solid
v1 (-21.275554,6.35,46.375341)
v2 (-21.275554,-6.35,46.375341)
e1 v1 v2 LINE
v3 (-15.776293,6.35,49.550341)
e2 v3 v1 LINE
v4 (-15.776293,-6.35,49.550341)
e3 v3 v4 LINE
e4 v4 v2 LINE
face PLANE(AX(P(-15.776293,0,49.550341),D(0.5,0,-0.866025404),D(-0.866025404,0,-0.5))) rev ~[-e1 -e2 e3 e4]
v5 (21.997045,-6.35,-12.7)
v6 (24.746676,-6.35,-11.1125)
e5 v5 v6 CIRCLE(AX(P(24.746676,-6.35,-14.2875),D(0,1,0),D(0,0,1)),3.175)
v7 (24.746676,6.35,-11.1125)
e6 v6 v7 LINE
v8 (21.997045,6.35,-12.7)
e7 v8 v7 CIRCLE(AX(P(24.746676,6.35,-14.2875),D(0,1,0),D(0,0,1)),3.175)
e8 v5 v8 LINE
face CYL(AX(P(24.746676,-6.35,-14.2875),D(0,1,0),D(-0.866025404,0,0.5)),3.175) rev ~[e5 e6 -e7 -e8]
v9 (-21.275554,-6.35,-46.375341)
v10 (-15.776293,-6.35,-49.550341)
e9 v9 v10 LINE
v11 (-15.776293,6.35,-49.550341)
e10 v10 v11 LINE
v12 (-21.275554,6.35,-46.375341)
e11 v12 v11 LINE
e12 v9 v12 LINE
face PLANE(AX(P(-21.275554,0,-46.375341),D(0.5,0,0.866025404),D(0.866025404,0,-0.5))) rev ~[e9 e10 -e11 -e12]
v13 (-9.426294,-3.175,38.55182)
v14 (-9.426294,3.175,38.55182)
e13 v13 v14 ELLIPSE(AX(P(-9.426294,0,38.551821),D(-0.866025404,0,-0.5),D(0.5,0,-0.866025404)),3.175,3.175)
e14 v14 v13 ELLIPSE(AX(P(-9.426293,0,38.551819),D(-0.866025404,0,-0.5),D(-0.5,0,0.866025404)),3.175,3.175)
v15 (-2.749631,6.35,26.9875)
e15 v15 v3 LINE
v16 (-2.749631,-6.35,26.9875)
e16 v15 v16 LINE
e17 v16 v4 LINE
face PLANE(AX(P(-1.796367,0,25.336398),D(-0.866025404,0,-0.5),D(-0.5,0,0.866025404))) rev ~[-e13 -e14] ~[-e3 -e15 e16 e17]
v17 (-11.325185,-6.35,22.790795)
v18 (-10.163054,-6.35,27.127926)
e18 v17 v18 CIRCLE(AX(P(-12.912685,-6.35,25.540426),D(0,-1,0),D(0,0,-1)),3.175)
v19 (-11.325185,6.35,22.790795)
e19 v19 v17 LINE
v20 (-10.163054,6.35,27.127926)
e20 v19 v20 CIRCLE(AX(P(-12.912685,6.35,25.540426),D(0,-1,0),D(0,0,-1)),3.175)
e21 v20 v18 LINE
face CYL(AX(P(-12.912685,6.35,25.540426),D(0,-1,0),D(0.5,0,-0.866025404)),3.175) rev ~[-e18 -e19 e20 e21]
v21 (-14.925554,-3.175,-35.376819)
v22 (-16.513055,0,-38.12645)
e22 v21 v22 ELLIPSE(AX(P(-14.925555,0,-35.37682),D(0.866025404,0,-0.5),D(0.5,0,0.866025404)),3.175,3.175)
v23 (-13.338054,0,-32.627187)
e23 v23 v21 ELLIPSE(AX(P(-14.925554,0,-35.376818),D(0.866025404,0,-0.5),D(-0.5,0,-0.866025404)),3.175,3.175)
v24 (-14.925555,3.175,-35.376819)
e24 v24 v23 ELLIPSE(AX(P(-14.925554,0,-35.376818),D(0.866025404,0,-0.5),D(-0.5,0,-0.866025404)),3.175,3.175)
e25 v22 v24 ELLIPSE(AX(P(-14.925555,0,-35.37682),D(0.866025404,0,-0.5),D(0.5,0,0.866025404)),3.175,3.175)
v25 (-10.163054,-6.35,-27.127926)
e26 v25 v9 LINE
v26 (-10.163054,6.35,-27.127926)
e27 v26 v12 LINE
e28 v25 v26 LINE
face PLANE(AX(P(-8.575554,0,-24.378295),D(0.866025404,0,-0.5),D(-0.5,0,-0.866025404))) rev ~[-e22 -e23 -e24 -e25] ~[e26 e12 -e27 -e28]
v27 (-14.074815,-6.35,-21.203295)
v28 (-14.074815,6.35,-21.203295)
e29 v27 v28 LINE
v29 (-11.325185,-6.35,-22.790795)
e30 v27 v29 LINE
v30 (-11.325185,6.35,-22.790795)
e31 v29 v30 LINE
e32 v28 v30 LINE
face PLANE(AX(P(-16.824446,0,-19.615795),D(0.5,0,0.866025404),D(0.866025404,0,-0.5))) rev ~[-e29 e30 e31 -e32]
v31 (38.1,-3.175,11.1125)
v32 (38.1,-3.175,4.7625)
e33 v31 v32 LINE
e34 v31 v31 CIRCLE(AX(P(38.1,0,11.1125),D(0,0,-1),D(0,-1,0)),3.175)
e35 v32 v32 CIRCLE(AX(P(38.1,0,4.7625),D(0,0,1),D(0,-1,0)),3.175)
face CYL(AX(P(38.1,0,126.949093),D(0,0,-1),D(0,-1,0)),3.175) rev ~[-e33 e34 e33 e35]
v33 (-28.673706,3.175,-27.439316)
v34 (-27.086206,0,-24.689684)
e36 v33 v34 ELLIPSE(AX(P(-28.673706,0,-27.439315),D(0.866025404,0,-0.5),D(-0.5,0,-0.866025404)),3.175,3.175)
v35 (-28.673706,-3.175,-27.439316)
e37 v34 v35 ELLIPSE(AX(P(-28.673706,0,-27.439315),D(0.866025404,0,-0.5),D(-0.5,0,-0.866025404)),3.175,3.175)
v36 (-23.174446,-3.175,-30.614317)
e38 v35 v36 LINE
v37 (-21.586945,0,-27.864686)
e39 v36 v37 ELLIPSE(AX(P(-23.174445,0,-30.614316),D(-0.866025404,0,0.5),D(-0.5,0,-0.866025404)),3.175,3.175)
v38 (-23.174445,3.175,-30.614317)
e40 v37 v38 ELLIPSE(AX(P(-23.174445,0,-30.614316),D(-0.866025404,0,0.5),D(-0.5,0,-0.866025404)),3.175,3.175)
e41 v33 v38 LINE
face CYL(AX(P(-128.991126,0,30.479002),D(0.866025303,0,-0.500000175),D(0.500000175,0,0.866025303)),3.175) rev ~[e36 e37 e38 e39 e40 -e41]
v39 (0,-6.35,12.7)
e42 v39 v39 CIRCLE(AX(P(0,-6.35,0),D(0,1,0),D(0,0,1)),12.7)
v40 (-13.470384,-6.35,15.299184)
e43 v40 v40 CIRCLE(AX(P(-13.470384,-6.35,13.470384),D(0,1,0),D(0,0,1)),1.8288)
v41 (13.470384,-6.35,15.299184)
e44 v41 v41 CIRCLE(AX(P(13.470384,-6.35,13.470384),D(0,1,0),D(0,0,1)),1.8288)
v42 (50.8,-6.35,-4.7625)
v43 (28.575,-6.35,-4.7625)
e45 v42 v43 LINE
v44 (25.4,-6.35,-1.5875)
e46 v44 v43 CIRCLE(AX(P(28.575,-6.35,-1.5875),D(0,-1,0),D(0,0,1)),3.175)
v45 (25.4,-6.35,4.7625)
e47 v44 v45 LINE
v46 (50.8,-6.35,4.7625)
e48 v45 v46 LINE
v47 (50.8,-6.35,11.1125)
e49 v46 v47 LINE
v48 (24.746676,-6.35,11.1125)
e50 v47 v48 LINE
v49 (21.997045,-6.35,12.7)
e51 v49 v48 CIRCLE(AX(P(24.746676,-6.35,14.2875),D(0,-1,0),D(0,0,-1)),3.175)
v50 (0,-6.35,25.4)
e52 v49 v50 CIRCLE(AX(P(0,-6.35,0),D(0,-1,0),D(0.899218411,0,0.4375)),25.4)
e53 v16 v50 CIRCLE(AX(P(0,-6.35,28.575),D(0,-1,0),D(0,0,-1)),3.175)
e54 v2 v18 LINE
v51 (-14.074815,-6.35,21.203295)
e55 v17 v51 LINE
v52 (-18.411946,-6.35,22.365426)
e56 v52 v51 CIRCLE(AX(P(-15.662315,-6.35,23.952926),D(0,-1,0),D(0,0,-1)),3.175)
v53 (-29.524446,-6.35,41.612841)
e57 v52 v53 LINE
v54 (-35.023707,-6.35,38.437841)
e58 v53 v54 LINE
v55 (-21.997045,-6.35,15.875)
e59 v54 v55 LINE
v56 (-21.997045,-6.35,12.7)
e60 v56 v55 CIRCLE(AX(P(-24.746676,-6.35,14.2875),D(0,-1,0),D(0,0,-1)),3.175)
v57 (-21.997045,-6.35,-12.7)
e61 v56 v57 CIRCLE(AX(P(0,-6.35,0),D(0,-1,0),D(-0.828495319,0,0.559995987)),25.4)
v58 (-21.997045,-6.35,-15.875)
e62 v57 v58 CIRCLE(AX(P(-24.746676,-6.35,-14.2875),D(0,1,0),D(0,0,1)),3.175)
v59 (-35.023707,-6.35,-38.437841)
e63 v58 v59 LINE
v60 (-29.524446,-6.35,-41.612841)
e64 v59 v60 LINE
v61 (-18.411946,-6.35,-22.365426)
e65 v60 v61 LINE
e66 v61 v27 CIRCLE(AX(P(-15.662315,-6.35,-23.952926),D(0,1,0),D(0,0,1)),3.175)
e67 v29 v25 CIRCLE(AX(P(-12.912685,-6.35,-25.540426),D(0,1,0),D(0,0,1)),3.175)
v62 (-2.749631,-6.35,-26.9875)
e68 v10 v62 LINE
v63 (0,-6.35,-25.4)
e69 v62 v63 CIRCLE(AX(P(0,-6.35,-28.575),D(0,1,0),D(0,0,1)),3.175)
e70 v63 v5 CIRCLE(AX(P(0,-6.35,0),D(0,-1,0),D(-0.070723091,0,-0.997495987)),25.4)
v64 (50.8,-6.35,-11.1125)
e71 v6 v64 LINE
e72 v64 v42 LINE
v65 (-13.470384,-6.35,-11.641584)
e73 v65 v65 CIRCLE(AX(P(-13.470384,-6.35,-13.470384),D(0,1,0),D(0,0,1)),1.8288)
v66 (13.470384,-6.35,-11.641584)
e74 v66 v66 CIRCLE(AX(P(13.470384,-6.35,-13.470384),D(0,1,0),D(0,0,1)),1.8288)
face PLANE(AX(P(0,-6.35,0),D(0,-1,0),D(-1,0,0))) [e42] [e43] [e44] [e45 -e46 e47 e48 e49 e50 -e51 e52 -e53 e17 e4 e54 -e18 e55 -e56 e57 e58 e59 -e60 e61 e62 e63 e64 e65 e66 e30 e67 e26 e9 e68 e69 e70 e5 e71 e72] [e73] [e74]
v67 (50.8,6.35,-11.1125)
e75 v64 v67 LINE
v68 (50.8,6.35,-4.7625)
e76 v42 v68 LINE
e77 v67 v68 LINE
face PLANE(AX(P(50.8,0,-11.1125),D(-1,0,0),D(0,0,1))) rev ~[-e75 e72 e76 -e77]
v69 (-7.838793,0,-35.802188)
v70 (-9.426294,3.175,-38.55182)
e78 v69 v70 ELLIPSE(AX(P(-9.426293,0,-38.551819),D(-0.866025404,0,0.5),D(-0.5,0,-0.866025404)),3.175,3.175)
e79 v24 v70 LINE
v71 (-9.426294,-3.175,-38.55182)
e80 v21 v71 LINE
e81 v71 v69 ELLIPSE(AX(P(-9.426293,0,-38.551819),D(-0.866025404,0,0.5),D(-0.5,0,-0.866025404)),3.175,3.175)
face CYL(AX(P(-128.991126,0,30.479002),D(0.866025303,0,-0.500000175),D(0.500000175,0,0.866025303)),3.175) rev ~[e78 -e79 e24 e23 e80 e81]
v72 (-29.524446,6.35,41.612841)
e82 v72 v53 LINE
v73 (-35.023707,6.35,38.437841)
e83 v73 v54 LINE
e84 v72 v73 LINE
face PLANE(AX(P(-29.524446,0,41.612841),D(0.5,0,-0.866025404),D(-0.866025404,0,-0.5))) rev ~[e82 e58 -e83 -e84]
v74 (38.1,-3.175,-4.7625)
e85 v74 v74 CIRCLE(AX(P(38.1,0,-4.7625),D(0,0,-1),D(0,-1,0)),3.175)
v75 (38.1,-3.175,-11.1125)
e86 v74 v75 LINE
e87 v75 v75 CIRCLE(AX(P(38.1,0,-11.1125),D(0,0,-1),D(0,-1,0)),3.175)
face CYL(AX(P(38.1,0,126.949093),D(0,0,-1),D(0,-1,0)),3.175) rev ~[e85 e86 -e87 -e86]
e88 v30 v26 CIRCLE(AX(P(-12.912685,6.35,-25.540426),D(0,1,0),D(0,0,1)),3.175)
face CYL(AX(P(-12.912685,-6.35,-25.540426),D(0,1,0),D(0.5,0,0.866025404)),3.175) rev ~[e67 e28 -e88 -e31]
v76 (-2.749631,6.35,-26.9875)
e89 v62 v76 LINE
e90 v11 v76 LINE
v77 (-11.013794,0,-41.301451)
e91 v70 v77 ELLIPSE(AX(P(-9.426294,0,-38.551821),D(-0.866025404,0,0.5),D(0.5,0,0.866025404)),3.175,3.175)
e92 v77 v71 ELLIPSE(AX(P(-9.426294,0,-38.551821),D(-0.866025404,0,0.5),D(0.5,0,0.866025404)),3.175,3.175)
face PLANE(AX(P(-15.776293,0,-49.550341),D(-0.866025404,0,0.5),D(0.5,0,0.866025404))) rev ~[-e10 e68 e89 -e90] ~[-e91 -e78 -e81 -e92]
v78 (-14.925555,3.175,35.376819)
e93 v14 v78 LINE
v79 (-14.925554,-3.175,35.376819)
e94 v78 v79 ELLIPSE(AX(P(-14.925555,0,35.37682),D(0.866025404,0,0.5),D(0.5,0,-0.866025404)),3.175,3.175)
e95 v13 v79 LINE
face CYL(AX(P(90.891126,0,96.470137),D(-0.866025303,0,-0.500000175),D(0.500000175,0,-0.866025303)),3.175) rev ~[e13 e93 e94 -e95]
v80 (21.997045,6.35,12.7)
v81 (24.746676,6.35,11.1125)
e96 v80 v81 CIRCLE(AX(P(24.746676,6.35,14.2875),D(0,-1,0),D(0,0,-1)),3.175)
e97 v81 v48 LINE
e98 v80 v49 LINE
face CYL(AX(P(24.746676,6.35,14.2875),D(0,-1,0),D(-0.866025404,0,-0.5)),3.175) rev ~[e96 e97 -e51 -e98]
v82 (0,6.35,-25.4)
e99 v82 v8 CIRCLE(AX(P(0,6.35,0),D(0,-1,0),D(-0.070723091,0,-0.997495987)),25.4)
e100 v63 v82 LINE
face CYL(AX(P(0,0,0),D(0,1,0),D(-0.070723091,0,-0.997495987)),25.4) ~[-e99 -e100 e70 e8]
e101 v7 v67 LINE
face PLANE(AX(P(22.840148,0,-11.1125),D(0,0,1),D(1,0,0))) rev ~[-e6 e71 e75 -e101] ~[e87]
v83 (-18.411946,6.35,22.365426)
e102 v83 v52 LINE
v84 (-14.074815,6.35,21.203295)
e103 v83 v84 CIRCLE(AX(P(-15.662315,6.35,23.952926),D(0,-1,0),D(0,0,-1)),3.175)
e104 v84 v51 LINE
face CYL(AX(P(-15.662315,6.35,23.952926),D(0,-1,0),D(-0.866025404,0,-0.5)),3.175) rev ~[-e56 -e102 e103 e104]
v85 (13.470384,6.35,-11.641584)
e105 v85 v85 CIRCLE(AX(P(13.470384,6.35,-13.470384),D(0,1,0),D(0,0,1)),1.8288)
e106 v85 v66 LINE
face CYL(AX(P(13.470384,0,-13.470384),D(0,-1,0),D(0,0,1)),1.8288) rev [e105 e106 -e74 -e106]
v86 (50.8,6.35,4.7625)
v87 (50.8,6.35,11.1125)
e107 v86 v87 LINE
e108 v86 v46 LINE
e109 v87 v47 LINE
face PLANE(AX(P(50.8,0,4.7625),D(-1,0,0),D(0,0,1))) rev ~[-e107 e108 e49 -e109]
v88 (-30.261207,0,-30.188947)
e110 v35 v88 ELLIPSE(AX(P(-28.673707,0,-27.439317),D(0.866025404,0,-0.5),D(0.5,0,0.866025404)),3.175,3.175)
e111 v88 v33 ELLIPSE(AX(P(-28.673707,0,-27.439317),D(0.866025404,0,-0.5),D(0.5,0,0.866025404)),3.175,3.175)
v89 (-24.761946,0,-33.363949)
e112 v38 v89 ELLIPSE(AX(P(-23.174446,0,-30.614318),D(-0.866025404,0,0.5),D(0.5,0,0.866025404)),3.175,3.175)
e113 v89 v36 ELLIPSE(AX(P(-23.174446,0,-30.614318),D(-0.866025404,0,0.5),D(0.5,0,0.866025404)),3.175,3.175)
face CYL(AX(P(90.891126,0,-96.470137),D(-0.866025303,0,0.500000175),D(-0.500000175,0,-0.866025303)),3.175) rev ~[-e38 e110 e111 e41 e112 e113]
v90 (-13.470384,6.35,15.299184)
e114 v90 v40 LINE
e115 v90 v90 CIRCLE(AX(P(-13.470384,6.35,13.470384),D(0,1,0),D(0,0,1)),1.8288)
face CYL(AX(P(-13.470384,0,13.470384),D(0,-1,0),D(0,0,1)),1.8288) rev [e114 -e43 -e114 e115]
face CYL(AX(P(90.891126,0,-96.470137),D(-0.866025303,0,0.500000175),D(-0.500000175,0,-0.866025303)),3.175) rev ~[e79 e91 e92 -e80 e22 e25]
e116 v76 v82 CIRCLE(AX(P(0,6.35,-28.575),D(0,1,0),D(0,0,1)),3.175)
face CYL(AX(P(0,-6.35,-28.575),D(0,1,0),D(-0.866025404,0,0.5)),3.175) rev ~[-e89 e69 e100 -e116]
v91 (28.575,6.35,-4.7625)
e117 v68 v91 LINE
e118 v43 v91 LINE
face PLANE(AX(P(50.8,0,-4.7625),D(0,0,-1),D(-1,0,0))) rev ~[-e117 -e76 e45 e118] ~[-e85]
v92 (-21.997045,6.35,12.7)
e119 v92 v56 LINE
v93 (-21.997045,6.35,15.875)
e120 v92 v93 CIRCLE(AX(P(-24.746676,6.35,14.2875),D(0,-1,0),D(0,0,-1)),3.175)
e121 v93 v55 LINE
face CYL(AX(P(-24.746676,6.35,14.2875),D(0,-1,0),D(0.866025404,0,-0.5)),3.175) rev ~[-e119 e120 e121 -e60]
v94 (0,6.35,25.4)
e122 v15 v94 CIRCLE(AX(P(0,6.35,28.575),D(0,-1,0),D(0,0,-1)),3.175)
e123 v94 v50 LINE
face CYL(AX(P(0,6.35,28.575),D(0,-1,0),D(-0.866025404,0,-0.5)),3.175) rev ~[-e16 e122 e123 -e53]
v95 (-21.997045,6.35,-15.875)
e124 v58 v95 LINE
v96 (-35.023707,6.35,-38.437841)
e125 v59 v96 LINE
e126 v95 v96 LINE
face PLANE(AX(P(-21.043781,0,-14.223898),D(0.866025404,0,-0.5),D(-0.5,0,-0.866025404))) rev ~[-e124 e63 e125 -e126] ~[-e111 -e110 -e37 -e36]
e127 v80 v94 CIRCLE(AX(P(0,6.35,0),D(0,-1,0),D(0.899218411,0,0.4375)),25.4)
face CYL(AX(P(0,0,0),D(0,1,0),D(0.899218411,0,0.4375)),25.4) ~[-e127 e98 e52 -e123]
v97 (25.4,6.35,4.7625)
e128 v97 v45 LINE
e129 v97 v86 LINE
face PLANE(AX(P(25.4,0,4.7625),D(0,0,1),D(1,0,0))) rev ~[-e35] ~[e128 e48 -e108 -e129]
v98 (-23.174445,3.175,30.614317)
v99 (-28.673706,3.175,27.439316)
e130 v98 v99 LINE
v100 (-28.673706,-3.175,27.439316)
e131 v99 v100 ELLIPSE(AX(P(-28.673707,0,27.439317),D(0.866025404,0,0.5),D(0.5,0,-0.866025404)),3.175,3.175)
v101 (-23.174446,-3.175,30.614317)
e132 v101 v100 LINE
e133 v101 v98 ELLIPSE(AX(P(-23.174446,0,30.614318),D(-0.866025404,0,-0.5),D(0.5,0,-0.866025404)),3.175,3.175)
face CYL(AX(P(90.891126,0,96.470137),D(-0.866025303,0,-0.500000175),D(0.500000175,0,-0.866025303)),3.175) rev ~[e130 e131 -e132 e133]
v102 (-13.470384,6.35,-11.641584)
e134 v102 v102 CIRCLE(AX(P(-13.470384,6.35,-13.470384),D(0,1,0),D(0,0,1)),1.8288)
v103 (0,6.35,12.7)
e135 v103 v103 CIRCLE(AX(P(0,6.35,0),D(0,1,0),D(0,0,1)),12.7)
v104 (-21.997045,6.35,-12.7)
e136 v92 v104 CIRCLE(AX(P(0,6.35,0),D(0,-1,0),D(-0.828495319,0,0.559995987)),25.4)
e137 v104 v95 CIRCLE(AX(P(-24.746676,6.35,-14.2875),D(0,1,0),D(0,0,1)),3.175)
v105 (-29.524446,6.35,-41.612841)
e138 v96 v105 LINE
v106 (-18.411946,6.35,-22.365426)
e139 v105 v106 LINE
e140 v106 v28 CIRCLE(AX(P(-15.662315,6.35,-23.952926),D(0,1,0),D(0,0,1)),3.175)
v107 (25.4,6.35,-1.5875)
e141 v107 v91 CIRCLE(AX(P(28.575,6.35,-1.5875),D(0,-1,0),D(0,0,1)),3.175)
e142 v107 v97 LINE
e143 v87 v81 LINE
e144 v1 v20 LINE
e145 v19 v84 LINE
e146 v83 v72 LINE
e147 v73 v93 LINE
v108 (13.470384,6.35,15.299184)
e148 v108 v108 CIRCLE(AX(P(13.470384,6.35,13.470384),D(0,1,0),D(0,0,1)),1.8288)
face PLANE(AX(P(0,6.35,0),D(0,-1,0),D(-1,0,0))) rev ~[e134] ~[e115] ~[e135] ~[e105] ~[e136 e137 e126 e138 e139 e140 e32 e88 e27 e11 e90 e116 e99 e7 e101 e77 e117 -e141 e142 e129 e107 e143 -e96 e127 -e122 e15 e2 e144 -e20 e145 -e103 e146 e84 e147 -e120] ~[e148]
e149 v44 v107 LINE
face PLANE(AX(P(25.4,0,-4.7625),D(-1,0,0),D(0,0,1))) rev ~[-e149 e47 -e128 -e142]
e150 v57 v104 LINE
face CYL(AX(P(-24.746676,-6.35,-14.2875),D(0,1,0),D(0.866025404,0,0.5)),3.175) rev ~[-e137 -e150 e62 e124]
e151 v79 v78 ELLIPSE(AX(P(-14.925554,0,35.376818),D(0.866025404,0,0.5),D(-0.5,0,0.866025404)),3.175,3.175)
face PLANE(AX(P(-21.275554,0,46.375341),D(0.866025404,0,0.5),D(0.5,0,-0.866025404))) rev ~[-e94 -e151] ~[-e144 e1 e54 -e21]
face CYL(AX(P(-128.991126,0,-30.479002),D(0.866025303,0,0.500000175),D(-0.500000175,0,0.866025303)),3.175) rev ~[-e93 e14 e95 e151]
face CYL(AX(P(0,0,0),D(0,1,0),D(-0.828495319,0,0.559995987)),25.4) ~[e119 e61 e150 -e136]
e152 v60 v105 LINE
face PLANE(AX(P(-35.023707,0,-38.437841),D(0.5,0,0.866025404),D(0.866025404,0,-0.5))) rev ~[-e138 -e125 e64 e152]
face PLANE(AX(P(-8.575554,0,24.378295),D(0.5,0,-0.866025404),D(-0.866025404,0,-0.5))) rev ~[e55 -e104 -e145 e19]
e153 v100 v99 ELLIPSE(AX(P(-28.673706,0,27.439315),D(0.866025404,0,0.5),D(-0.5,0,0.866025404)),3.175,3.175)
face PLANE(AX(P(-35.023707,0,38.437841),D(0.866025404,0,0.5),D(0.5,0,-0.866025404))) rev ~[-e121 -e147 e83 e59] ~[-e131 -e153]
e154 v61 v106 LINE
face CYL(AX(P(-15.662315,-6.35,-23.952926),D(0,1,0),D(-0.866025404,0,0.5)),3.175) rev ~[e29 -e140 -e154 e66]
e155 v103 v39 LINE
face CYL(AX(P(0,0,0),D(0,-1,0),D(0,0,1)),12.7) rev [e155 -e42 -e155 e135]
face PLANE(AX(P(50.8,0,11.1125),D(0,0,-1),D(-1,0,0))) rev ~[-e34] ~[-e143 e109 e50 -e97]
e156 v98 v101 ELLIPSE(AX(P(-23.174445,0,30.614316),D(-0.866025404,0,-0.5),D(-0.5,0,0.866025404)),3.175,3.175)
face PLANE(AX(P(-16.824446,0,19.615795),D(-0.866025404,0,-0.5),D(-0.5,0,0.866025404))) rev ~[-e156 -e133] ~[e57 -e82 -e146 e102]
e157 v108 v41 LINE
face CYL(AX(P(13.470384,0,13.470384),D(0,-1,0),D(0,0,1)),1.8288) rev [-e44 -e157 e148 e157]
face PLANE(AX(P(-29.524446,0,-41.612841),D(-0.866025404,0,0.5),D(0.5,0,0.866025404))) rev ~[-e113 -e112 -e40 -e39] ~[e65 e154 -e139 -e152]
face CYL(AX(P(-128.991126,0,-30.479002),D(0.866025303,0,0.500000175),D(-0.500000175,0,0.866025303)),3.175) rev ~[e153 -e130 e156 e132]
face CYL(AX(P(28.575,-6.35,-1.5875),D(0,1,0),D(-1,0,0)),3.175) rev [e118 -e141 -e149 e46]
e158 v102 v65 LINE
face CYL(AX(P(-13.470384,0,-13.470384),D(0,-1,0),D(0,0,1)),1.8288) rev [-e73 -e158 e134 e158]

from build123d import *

# Parameters (mm, degrees)
SKETCH1_R                             = 12.7
SKETCH1_R_2                           = 1.8288
BOSS_EXTRUDE1_DEPTH                   = 6.35
F_1_4_0_25_DIAMETER_HOLE1_D           = 6.35
F_1_4_0_25_DIAMETER_HOLE1_ON_FACE_2_D = 6.35
F_1_4_0_25_DIAMETER_HOLE1_ON_FACE_3_D = 6.35
F_1_4_0_25_DIAMETER_HOLE1_ON_FACE_4_D = 6.35
F_1_4_0_25_DIAMETER_HOLE1_ON_FACE_5_D = 6.35
F_1_4_0_25_DIAMETER_HOLE1_ON_FACE_6_D = 6.35
FILLET1_R                             = 3.175


with BuildPart() as part:
    # Sketch1 → Boss-Extrude1 (new, symmetric)
    with BuildSketch(Plane(origin=(0, 0, 0), x_dir=(1, 0, 0), z_dir=(0, 1, 0))):
        with BuildLine():
            Line((25.4, 4.7625), (25.4, -4.7625))
            Line((25.4, -4.7625), (50.8, -4.7625))
            Line((50.8, -4.7625), (50.8, -11.1125))
            Line((50.8, -11.1125), (22.84014763, -11.1125))
            ThreePointArc((22.84014763, -11.1125), (12.7, -21.997045256), (-1.796366515, -25.336398074))
            Line((-1.796366515, -25.336398074), (-15.7762927, -49.550340512))
            Line((-15.7762927, -49.550340512), (-21.275554014, -46.375340512))
            Line((-21.275554014, -46.375340512), (-8.575554014, -24.378295256))
            Line((-8.575554014, -24.378295256), (-16.824445986, -19.615795256))
            Line((-16.824445986, -19.615795256), (-29.524445986, -41.612840512))
            Line((-29.524445986, -41.612840512), (-35.0237073, -38.437840512))
            Line((-35.0237073, -38.437840512), (-21.043781114, -14.223898074))
            ThreePointArc((-21.043781114, -14.223898074), (-25.4, 0), (-21.043781114, 14.223898074))
            Line((-21.043781114, 14.223898074), (-35.0237073, 38.437840512))
            Line((-35.0237073, 38.437840512), (-29.524445986, 41.612840512))
            Line((-29.524445986, 41.612840512), (-16.824445986, 19.615795256))
            Line((-16.824445986, 19.615795256), (-8.575554014, 24.378295256))
            Line((-8.575554014, 24.378295256), (-21.275554014, 46.375340512))
            Line((-21.275554014, 46.375340512), (-15.7762927, 49.550340512))
            Line((-15.7762927, 49.550340512), (-1.796366515, 25.336398074))
            ThreePointArc((-1.796366515, 25.336398074), (12.7, 21.997045256), (22.84014763, 11.1125))
            Line((22.84014763, 11.1125), (50.8, 11.1125))
            Line((50.8, 11.1125), (50.8, 4.7625))
            Line((50.8, 4.7625), (25.4, 4.7625))
        make_face()
        with Locations(Location((0, 0, 0), (0, 0, 270))):
            Circle(SKETCH1_R, mode=Mode.SUBTRACT)
        with Locations(Location((-13.470384182, 13.470384182, 0), (0, 0, 270))):
            Circle(SKETCH1_R_2, mode=Mode.SUBTRACT)
        with Locations(Location((13.470384182, 13.470384182, 0), (0, 0, 270))):
            Circle(SKETCH1_R_2, mode=Mode.SUBTRACT)
        with Locations(Location((13.470384182, -13.470384182, 0), (0, 0, 270))):
            Circle(SKETCH1_R_2, mode=Mode.SUBTRACT)
        with Locations(Location((-13.470384182, -13.470384182, 0), (0, 0, 270))):
            Circle(SKETCH1_R_2, mode=Mode.SUBTRACT)
    extrude(amount=BOSS_EXTRUDE1_DEPTH, both=True)

    # 1/4 (0.25) Diameter Hole1 (through all)
    with Locations(Plane(origin=(38.1, 0, -4.7625), x_dir=(0, 1, 0), z_dir=(0, 0, 1))):
        with Locations((0, 0)):
            Hole(F_1_4_0_25_DIAMETER_HOLE1_D / 2)

    # 1/4 (0.25) Diameter Hole1 on face 2 (through all)
    with Locations(Plane(origin=(-14.925554014, 0, -35.376817884), x_dir=(-0.500000174844, 0, -0.866025302838), z_dir=(-0.866025302838, 0, 0.500000174844))):
        with Locations((0, 0)):
            Hole(F_1_4_0_25_DIAMETER_HOLE1_ON_FACE_2_D / 2)

    # 1/4 (0.25) Diameter Hole1 on face 3 (through all)
    with Locations(Plane(origin=(-23.174445986, 0, 30.614317884), x_dir=(-0.500000174844, 0, 0.866025302838), z_dir=(0.866025302838, 0, 0.500000174844))):
        with Locations((0, 0)):
            Hole(F_1_4_0_25_DIAMETER_HOLE1_ON_FACE_3_D / 2)

    # 1/4 (0.25) Diameter Hole1 on face 4 (through all)
    with Locations(Plane(origin=(-14.925554014, 0, 35.376817884), x_dir=(0.500000174844, 0, -0.866025302838), z_dir=(-0.866025302838, 0, -0.500000174844))):
        with Locations((0, 0)):
            Hole(F_1_4_0_25_DIAMETER_HOLE1_ON_FACE_4_D / 2)

    # 1/4 (0.25) Diameter Hole1 on face 5 (through all)
    with Locations(Plane(origin=(-23.174445986, 0, -30.614317884), x_dir=(0.500000174844, 0, 0.866025302838), z_dir=(0.866025302838, 0, -0.500000174844))):
        with Locations((0, 0)):
            Hole(F_1_4_0_25_DIAMETER_HOLE1_ON_FACE_5_D / 2)

    # 1/4 (0.25) Diameter Hole1 on face 6 (through all)
    with Locations(Plane(origin=(38.1, 0, 4.7625), x_dir=(-1, 0, 0), z_dir=(0, 0, -1))):
        with Locations((0, 0)):
            Hole(F_1_4_0_25_DIAMETER_HOLE1_ON_FACE_6_D / 2)

    # Fillet1
    fillet1_edges = [part.edges().sort_by_distance(p)[0] for p in [
        (25.4, 0, -4.7625),
        (22.84014763, 0, 11.1125),
        (-1.796366515, 0, 25.336398074),
        (-8.575554014, 0, 24.378295256),
        (-16.824445986, 0, 19.615795256),
        (-21.043781114, 0, 14.223898074),
        (-21.043781114, 0, -14.223898074),
        (-16.824445986, 0, -19.615795256),
        (-8.575554014, 0, -24.378295256),
        (-1.796366515, 0, -25.336398074),
        (22.84014763, 0, -11.1125),
    ]]
    fillet(fillet1_edges, radius=FILLET1_R)


solid = part.part
